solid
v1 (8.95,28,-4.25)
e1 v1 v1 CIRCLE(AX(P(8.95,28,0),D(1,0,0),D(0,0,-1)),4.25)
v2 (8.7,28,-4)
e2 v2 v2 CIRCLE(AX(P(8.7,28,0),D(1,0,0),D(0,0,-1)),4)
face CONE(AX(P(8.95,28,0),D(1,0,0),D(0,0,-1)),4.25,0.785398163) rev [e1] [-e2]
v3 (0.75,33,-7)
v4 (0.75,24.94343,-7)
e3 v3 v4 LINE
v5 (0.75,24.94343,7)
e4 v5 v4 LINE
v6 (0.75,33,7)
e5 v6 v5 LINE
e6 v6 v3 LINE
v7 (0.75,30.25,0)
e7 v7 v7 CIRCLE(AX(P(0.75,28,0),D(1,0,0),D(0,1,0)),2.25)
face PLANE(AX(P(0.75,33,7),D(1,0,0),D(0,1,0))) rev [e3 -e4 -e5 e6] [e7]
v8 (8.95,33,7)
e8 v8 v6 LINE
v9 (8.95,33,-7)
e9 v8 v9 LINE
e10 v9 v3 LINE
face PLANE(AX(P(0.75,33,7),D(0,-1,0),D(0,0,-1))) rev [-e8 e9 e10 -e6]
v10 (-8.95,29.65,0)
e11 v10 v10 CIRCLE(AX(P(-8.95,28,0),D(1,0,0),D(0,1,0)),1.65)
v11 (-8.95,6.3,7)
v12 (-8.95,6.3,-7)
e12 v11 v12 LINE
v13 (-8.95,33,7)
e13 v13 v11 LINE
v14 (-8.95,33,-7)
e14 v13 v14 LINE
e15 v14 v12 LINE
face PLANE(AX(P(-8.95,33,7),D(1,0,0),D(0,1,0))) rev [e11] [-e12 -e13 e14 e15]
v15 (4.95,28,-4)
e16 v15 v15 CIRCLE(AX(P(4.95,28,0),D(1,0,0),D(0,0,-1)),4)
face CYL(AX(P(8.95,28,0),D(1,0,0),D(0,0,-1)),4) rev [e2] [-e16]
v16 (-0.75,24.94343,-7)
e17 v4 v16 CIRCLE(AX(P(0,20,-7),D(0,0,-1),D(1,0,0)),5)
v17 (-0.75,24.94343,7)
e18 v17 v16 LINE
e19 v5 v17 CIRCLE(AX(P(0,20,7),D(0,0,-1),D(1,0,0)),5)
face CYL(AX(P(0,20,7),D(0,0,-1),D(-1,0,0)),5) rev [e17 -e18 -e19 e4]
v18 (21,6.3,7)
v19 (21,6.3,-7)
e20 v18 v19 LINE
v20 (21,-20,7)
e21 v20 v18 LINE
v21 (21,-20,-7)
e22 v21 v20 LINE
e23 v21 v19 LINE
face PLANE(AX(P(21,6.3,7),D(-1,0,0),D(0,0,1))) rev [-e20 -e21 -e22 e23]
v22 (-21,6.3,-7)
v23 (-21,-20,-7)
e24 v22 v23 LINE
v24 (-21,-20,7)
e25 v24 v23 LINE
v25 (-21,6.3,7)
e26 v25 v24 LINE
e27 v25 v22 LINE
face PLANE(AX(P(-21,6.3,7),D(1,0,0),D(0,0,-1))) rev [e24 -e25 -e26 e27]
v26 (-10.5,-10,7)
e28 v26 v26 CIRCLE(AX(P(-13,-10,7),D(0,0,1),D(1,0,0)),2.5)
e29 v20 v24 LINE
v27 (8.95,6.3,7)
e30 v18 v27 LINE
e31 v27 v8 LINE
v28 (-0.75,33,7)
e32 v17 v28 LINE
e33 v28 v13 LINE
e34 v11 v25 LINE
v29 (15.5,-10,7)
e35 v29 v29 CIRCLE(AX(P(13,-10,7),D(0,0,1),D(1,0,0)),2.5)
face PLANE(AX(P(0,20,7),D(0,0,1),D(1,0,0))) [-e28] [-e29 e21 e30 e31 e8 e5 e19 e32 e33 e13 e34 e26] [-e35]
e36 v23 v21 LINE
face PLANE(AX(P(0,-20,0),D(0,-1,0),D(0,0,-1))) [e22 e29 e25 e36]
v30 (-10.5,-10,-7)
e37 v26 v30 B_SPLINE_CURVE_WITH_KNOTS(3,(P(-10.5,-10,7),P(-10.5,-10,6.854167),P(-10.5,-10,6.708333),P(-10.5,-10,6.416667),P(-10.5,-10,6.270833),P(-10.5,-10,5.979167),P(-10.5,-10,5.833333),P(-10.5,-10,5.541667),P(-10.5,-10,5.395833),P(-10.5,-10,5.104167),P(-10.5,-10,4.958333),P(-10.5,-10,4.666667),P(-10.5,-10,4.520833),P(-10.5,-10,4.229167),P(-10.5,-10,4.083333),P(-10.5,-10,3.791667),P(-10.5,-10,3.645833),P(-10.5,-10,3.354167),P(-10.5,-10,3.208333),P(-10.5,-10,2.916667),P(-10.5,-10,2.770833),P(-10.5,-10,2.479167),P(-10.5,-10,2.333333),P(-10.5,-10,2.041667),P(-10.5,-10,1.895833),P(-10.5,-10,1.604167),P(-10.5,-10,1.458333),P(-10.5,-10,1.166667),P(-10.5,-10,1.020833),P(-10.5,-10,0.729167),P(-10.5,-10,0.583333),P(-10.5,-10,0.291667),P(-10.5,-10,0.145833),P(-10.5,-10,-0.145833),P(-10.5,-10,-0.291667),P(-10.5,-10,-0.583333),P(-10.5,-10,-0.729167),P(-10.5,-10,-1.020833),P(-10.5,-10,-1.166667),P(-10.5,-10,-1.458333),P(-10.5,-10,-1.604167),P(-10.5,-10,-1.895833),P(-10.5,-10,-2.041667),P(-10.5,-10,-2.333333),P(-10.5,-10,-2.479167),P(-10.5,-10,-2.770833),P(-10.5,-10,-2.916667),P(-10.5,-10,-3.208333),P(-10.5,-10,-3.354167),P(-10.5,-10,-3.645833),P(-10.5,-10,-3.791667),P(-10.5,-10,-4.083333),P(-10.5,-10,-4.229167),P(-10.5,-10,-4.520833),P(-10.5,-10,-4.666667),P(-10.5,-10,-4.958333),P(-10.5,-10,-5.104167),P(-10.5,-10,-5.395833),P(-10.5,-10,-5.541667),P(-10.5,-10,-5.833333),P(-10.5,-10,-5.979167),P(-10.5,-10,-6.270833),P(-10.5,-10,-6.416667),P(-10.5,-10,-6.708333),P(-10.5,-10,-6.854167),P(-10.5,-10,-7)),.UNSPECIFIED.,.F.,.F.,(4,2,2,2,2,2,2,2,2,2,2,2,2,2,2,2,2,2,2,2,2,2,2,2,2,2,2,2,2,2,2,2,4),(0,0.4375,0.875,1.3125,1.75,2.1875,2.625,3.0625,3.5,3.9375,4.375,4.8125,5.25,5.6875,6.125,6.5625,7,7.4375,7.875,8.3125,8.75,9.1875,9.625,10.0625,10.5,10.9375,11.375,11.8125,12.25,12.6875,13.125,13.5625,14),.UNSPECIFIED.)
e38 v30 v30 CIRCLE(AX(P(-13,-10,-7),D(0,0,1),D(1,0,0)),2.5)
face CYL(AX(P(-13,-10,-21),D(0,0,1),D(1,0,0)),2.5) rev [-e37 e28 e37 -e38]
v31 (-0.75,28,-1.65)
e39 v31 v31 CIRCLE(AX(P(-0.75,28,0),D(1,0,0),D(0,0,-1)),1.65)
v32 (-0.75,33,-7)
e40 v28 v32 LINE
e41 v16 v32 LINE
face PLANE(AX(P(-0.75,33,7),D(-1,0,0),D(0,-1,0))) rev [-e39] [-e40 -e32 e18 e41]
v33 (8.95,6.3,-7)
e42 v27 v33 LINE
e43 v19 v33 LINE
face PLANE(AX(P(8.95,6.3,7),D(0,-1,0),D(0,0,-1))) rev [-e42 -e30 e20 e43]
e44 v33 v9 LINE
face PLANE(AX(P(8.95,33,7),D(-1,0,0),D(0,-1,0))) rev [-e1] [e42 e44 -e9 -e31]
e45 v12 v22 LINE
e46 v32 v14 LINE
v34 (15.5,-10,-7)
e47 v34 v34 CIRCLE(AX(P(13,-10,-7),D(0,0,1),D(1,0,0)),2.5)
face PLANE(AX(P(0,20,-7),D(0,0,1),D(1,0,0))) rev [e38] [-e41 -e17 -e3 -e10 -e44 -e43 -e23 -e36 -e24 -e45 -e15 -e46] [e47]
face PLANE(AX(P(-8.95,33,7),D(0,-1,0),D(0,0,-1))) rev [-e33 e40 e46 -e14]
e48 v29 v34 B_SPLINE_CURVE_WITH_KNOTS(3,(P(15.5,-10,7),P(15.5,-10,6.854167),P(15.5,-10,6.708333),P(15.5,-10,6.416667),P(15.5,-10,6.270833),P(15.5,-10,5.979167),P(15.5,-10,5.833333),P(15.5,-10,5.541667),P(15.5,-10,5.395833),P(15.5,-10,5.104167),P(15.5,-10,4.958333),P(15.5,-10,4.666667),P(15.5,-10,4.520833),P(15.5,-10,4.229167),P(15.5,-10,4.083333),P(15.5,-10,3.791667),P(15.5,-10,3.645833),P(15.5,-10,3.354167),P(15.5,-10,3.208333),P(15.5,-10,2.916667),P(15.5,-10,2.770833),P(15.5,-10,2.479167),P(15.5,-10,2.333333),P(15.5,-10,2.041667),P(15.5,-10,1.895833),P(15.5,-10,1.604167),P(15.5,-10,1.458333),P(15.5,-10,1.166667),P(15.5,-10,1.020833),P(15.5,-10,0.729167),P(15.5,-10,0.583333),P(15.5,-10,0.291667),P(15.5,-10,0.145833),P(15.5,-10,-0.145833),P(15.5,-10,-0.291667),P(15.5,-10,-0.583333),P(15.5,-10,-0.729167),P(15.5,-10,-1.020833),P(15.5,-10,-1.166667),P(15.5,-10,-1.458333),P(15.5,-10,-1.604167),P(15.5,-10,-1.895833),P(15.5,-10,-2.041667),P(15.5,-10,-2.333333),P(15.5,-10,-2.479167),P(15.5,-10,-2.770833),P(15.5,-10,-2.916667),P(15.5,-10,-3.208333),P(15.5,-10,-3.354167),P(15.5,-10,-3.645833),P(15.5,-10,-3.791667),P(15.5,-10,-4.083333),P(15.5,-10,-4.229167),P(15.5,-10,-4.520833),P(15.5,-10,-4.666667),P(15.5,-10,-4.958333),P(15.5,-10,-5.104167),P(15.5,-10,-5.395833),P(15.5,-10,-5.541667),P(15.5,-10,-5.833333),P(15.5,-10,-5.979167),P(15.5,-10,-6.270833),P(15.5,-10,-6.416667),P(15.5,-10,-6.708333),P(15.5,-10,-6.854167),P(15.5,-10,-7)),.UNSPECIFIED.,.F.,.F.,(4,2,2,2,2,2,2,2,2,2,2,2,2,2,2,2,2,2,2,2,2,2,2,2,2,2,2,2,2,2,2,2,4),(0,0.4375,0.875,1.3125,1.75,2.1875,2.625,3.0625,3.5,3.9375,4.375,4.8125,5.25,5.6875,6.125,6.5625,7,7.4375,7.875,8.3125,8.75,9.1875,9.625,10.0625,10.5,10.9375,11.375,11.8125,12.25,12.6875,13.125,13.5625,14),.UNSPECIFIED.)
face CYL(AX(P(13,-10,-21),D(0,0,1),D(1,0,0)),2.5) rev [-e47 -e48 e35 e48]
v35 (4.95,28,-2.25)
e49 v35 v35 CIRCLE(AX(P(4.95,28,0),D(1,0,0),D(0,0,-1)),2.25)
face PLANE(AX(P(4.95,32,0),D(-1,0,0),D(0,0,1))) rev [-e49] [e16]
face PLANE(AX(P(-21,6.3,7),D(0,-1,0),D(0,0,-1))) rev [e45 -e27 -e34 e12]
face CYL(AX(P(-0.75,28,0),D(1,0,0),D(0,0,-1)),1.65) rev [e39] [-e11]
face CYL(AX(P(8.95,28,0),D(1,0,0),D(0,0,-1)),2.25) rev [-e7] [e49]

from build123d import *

# Parameters (mm, degrees)
BOSS_EXTRUDE1_DEPTH   = 7
M4X0_7_TAPPED_HOLE1_D = 3.3
SKETCH7_W             = 42
SKETCH7_H             = 14
BOSS_EXTRUDE2_DEPTH   = 20
SKETCH8_R             = 2.5
CUT_EXTRUDE2_DEPTH    = 28


with BuildPart() as part:
    # Sketch1 → Boss-Extrude1 (new, symmetric)
    with BuildSketch(Plane.XY):
        with BuildLine():
            Line((-21, 6.3), (-8.95, 6.3))
            Line((-8.95, 6.3), (-8.95, 33))
            Line((-8.95, 33), (-0.75, 33))
            Line((-0.75, 33), (-0.75, 24.943429983))
            ThreePointArc((-0.75, 24.943429983), (0, 15), (0.75, 24.943429983))
            Line((0.75, 24.943429983), (0.75, 33))
            Line((0.75, 33), (8.95, 33))
            Line((8.95, 33), (8.95, 6.3))
            Line((8.95, 6.3), (21, 6.3))
            Line((21, 6.3), (21, 0))
            Line((21, 0), (-21, 0))
            Line((-21, 0), (-21, 6.3))
        make_face()
    extrude(amount=BOSS_EXTRUDE1_DEPTH, both=True)

    # Sketch4 → CBORE for M4 SHCS2 (revolve, cut)
    with BuildSketch(Plane(origin=(8.95, 28, 0), x_dir=(0, 0, -1), z_dir=(0, 1, 0))):
        Polygon((0, 0), (0, 8.2), (2.25, 8.2), (2.25, 4), (4, 4), (4, 0.25), (4.25, 0), align=None)
    revolve(axis=Axis((15.3, 28, 0), (-1, 0, 0)), mode=Mode.SUBTRACT)

    # M4x0.7 Tapped Hole1 (through all)
    with Locations(Plane(origin=(-0.75, 0, 0), x_dir=(0, 0, -1), z_dir=(1, 0, 0))):
        with Locations((0, 28)):
            Hole(M4X0_7_TAPPED_HOLE1_D / 2)

    # Sketch7 → Boss-Extrude2 (add)
    with BuildSketch(Plane.XZ):
        Rectangle(SKETCH7_W, SKETCH7_H)
    extrude(amount=BOSS_EXTRUDE2_DEPTH)

    # Sketch8 → Cut-Extrude2 (cut)
    with BuildSketch(Plane.XY.offset(7)):
        with Locations((-13, -10)):
            Circle(SKETCH8_R)
        with Locations((13, -10)):
            Circle(SKETCH8_R)
    extrude(amount=-CUT_EXTRUDE2_DEPTH, mode=Mode.SUBTRACT)


solid = part.part
